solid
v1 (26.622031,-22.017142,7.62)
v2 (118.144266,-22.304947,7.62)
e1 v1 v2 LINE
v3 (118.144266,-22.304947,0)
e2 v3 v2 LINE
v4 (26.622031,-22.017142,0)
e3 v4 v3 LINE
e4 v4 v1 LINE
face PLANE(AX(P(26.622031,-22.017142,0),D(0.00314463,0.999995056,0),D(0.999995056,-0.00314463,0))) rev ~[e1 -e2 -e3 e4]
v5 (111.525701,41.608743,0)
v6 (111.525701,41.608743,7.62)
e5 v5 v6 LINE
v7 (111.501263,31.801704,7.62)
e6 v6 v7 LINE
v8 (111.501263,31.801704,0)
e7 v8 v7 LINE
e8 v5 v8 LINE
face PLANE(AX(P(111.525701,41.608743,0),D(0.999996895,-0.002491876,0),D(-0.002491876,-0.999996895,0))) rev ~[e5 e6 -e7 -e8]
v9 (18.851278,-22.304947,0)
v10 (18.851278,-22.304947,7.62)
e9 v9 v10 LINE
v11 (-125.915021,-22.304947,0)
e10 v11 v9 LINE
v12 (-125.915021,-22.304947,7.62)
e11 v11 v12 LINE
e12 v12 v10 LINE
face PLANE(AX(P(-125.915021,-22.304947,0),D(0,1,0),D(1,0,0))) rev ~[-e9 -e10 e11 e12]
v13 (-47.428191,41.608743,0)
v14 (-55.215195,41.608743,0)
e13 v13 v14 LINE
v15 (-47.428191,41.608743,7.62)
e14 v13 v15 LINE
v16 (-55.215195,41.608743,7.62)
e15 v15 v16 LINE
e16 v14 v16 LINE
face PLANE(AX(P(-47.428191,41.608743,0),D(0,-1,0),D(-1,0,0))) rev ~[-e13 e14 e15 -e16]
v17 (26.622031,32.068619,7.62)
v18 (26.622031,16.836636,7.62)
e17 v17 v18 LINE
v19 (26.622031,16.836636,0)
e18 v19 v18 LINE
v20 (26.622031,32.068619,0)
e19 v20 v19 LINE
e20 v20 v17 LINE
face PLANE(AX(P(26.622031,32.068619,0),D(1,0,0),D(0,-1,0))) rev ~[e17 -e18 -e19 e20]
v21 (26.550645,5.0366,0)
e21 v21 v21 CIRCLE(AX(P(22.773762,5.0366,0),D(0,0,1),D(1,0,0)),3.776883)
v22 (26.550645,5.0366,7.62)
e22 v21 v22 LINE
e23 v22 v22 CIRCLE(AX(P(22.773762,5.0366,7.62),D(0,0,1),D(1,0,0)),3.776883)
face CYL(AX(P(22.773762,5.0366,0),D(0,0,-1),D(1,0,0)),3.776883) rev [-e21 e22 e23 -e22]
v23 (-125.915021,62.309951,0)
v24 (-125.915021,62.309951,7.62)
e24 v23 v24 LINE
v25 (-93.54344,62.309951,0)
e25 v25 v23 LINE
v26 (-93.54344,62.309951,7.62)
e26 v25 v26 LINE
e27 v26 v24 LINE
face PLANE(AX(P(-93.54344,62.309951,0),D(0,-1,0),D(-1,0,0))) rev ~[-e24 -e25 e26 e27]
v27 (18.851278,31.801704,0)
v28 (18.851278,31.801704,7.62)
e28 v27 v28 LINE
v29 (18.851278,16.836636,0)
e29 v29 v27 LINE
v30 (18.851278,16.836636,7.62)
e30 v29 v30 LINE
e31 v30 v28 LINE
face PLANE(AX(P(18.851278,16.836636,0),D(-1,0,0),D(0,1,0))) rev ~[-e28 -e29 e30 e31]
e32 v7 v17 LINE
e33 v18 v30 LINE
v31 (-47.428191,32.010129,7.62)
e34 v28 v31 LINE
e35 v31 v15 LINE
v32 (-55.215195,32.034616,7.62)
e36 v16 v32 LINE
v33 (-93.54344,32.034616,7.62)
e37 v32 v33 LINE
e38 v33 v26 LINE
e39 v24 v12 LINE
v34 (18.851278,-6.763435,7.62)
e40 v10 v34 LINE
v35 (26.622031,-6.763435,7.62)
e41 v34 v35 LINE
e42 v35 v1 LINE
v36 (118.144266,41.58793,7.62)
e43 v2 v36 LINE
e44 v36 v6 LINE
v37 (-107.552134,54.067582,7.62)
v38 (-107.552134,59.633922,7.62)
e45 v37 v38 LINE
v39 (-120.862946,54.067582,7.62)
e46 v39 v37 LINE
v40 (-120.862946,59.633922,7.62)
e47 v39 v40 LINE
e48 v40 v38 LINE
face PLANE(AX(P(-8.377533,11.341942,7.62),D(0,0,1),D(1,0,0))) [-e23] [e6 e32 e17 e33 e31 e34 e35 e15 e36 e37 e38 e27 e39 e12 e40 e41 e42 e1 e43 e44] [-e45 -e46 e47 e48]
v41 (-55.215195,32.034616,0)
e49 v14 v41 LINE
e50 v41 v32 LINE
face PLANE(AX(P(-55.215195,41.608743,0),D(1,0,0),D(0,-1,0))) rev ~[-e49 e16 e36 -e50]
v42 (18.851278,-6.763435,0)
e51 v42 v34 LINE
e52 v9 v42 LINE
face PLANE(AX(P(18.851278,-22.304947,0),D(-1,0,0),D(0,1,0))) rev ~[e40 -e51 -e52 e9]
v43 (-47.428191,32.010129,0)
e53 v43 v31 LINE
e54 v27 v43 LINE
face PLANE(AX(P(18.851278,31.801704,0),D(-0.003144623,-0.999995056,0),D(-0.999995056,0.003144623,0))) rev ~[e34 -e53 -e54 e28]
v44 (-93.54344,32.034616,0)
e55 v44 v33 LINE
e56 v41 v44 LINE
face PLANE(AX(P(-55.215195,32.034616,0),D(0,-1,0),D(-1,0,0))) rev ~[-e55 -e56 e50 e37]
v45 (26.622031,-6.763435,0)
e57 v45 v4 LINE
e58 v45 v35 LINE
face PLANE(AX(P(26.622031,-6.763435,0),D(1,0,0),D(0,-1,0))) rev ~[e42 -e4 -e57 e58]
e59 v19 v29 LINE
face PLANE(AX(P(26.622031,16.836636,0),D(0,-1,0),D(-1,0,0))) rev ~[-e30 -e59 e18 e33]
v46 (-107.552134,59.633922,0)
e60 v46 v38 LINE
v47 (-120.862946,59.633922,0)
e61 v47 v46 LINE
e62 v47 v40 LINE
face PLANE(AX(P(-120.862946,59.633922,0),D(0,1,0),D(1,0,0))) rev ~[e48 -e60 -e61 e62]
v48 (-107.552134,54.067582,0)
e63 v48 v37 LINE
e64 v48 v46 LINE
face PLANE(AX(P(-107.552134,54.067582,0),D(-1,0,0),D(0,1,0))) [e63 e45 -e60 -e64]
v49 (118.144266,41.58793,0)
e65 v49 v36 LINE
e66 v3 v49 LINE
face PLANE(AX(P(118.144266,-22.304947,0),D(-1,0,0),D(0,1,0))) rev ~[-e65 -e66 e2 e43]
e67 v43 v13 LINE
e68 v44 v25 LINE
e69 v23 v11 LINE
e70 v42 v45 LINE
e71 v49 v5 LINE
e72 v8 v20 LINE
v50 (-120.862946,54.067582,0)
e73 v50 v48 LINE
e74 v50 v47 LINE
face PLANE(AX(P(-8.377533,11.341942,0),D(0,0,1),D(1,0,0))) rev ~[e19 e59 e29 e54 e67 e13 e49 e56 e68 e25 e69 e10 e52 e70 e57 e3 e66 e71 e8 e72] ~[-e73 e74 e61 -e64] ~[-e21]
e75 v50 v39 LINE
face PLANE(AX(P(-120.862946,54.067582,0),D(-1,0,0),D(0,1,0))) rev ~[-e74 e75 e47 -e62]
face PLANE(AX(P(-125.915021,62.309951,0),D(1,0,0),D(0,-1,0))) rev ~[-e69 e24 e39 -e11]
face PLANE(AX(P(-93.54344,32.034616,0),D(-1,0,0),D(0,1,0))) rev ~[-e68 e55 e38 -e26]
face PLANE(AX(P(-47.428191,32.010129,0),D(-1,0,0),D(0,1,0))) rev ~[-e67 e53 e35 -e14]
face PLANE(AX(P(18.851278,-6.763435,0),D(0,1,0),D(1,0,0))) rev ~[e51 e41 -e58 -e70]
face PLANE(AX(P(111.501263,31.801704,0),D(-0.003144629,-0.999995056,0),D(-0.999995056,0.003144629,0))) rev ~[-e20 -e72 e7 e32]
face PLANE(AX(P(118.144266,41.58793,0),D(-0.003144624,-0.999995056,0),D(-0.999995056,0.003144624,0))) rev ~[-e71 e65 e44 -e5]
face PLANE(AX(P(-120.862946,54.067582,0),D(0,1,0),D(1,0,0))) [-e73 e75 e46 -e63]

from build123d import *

# Parameters (mm, degrees)
F0_R     = 3.776883
F0_W     = 13.310812
F0_H     = 5.56634
F1_DEPTH = 7.62


with BuildPart() as f1:
    # F0 (on Top) → F1 (new body)
    with BuildSketch(Plane.XY):
        Polygon((-125.915021, 62.309951), (-125.915021, -22.304947), (18.851278, -22.304947), (18.851278, -6.763435), (26.622031, -6.763435), (26.622031, -22.017142), (118.144266, -22.304947), (118.144266, 41.58793), (111.525701, 41.608743), (111.501263, 31.801704), (26.622031, 32.068619), (26.622031, 16.836636), (18.851278, 16.836636), (18.851278, 31.801704), (-47.428191, 32.010129), (-47.428191, 41.608743), (-55.215195, 41.608743), (-55.215195, 32.034616), (-93.54344, 32.034616), (-93.54344, 62.309951), align=None)
        with Locations((22.773762, 5.0366)):
            Circle(F0_R, mode=Mode.SUBTRACT)
        with Locations((-114.20754, 56.850752)):
            Rectangle(F0_W, F0_H, mode=Mode.SUBTRACT)
    extrude(amount=F1_DEPTH)


solid = f1.part
